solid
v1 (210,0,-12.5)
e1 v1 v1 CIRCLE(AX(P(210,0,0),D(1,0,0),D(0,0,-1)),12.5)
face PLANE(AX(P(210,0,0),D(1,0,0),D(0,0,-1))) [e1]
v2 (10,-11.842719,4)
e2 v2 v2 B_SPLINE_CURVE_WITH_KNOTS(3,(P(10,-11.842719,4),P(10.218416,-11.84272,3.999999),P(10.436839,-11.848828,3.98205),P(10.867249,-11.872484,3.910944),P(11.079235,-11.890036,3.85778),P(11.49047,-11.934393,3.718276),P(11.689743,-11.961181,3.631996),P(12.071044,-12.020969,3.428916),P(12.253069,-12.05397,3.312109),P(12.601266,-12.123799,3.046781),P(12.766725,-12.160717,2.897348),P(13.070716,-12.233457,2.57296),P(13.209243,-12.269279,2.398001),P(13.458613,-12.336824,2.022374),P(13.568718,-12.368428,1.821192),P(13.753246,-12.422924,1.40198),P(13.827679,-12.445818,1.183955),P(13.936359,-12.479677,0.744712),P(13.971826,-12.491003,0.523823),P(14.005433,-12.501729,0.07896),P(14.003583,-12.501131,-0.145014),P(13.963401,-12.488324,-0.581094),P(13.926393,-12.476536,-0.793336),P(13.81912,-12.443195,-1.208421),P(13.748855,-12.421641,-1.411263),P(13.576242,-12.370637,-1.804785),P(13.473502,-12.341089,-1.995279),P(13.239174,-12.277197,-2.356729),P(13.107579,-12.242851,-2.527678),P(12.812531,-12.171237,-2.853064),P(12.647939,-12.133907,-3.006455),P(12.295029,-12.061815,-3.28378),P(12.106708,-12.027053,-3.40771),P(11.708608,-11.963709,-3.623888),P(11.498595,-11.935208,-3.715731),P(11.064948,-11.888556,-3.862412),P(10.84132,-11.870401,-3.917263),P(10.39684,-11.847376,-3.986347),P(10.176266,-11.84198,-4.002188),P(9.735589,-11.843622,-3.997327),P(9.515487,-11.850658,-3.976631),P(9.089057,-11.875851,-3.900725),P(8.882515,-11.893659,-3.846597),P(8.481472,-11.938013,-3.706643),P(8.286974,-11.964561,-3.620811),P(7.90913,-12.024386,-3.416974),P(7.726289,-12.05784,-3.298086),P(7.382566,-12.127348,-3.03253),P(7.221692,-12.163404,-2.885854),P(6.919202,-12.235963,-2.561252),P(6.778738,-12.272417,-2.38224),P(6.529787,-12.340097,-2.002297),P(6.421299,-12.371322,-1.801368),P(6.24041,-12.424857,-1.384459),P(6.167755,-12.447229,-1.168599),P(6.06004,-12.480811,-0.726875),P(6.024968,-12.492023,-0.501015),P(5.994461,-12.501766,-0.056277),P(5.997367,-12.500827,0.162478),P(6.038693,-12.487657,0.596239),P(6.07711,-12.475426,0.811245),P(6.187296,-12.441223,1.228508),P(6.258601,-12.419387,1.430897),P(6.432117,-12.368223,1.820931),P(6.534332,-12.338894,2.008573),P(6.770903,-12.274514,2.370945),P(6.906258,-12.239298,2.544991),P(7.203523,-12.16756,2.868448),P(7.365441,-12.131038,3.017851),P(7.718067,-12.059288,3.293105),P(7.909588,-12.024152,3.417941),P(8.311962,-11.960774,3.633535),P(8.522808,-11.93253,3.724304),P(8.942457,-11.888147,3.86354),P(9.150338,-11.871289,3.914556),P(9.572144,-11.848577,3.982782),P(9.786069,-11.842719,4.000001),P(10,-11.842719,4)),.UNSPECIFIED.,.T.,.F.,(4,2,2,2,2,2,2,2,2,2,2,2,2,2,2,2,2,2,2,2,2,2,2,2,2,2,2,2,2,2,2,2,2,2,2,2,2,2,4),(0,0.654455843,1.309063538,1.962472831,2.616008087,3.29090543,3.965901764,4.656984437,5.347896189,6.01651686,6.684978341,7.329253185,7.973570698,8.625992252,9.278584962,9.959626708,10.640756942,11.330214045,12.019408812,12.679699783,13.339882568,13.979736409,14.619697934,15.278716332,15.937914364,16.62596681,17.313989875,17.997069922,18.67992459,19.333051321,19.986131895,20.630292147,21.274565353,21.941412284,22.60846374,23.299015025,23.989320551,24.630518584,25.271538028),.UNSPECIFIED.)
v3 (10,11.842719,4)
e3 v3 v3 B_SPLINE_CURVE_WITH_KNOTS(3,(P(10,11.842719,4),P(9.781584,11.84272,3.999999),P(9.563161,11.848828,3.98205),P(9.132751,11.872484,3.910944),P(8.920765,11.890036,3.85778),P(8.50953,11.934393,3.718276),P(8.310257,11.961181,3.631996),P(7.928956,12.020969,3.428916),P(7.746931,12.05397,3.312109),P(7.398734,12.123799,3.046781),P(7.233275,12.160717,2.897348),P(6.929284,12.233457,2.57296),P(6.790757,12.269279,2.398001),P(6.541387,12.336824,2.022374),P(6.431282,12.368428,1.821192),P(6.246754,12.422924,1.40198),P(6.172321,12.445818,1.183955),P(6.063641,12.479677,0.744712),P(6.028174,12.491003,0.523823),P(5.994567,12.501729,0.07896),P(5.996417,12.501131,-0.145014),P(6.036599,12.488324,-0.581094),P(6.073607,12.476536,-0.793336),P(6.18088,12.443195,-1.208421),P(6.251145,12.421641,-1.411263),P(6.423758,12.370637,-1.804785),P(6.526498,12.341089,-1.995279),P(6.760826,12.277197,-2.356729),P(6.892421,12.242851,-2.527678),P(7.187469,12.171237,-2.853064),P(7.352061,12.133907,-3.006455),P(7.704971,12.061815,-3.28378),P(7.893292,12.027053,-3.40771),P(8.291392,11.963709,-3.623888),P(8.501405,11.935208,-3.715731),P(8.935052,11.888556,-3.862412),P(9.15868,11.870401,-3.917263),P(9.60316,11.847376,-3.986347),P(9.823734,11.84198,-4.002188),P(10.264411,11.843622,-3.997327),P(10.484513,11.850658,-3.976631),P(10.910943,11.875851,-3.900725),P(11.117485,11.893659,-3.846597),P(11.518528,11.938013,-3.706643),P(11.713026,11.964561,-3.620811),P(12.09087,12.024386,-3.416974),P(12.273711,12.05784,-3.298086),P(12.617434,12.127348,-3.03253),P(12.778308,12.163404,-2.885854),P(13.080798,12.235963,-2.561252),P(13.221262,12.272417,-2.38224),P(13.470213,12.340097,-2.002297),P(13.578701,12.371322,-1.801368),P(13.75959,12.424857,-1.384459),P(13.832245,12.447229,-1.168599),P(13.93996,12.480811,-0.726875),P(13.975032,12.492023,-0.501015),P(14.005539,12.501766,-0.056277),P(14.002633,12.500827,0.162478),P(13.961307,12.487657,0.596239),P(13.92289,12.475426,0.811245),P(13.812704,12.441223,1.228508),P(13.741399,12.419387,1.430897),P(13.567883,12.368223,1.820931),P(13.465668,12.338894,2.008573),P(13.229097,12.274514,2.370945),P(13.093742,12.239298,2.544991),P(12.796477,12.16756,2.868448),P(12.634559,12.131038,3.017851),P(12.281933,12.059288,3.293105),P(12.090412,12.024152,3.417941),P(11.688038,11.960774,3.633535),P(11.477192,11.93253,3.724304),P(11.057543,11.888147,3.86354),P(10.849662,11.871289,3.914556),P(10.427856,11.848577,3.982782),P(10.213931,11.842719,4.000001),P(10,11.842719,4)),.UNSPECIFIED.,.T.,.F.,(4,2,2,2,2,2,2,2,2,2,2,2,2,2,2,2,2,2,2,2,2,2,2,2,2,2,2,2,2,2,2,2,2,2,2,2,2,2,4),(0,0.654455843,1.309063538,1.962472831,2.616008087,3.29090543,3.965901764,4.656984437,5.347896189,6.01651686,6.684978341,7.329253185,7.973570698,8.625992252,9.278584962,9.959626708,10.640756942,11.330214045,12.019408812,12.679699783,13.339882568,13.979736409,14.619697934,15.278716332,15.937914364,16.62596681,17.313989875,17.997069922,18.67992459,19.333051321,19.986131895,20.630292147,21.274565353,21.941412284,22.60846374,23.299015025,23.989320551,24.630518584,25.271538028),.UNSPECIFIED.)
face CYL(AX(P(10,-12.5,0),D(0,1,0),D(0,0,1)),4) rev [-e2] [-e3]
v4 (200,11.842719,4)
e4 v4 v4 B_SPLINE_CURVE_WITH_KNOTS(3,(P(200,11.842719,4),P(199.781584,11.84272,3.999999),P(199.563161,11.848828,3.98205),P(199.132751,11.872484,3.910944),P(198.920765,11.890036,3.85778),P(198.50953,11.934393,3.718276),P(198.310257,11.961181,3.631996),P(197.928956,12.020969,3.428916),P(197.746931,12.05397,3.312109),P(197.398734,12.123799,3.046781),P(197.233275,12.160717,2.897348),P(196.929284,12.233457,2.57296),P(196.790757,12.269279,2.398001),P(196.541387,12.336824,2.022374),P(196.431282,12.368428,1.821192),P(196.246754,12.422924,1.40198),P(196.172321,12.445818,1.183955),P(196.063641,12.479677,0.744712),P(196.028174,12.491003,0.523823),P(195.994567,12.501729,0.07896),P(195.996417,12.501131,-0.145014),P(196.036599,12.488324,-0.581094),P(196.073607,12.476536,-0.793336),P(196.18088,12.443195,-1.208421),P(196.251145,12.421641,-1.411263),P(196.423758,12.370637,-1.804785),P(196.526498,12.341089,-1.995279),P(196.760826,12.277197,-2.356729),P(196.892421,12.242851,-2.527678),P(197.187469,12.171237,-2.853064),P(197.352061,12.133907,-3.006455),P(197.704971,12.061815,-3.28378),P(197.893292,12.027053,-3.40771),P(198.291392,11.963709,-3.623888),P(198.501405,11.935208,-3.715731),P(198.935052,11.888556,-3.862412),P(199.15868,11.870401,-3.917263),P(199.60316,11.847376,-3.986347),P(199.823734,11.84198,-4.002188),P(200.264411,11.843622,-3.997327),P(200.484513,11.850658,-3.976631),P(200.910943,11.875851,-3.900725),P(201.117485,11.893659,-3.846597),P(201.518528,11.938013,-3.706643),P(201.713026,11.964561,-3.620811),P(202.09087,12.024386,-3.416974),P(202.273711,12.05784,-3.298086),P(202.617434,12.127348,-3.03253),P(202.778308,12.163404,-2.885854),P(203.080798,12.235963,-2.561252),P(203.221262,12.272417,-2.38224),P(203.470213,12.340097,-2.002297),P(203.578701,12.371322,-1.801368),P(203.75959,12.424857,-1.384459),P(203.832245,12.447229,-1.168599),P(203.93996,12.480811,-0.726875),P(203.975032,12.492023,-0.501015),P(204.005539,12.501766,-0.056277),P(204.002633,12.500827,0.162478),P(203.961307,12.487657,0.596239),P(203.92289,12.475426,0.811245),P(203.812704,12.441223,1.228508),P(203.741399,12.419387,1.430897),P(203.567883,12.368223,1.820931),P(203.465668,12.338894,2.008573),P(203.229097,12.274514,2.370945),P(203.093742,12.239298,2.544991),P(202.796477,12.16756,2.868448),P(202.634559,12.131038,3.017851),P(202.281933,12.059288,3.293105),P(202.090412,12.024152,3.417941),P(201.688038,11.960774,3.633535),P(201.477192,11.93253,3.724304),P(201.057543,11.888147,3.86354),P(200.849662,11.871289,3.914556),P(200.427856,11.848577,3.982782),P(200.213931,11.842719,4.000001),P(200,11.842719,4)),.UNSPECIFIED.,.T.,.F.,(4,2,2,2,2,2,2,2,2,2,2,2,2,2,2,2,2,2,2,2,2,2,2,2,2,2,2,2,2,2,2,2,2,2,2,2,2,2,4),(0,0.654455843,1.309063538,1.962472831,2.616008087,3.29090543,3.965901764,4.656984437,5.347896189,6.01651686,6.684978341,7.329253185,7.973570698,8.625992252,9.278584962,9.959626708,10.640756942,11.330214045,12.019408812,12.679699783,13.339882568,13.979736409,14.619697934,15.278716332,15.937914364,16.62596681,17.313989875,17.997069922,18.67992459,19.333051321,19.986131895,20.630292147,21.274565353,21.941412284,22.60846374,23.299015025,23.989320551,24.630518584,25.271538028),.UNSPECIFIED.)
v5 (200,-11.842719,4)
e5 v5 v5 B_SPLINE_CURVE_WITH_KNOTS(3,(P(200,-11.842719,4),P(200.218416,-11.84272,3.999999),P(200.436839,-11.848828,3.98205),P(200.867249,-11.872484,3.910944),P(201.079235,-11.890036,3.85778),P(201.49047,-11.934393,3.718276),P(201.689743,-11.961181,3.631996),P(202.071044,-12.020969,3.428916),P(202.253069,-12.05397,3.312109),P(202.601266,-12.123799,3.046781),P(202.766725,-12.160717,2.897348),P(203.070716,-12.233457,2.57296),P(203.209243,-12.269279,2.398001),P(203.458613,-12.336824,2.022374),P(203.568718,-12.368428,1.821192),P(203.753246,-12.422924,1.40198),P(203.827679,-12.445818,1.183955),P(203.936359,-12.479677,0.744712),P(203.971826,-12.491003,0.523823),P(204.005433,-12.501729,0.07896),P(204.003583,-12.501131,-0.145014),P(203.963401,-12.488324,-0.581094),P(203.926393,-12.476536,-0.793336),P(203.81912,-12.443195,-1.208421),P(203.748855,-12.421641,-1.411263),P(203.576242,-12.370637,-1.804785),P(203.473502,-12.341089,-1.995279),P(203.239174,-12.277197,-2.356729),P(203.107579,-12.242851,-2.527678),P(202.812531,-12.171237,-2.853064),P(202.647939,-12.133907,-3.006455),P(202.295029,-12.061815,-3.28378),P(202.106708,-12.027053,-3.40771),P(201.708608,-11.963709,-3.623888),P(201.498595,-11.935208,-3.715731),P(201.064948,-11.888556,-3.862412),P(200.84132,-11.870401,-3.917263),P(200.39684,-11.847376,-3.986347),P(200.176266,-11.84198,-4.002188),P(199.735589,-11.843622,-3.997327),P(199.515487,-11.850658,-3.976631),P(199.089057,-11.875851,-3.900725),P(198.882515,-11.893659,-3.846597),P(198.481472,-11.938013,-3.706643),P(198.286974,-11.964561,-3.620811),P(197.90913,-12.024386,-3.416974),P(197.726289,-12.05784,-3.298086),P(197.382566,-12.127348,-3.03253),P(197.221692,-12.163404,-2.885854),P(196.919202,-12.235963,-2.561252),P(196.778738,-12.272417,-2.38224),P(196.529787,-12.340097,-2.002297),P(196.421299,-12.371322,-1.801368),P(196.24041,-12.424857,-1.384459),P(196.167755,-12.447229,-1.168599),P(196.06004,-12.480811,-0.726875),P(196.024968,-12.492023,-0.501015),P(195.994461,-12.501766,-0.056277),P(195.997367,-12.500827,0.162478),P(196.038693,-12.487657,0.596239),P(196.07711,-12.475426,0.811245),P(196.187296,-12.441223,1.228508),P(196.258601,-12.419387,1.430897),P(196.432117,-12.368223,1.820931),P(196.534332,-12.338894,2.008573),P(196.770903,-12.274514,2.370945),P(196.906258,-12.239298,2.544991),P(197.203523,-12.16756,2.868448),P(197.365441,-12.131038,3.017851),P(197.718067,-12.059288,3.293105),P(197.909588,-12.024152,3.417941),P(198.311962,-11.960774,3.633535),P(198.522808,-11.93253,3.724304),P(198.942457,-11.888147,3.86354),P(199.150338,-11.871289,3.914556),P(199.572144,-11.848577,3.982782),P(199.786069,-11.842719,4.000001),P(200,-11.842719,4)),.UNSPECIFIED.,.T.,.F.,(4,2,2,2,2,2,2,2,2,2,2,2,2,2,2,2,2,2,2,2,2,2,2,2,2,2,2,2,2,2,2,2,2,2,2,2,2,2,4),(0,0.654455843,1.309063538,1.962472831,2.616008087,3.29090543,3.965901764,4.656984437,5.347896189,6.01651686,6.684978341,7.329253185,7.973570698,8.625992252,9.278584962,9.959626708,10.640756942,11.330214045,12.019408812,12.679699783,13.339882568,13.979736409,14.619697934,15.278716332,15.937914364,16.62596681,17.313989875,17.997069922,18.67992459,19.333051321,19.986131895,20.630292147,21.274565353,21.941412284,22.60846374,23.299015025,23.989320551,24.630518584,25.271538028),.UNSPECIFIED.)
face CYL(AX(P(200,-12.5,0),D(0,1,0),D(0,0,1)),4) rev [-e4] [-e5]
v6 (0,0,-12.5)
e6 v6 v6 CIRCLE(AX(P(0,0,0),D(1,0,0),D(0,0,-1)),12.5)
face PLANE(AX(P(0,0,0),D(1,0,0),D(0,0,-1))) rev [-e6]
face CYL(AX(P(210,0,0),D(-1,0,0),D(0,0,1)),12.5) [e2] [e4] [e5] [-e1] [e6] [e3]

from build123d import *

# Parameters (mm, degrees)
SKETCH1_R               = 12.5
BOSS_EXTRUDE1_DEPTH     = 210
CUT_EXTRUDE1_DEPTH      = 211.742734157
CUT_EXTRUDE1_DEPTH_BACK = 211.742734157
SKETCH2_R               = 4


with BuildPart() as part:
    # Sketch1 → Boss-Extrude1 (new body)
    with BuildSketch(Plane(origin=(0, 0, 0), x_dir=(0, 0, -1), z_dir=(1, 0, 0))):
        Circle(SKETCH1_R)
    extrude(amount=BOSS_EXTRUDE1_DEPTH)

    # Sketch2 → Cut-Extrude1 (cut, two sides: drawn at the far end of the back side and taken through both)
    with BuildSketch(Plane(origin=(0, 0, 0), x_dir=(1, 0, 0), z_dir=(0, 1, 0)).offset(-CUT_EXTRUDE1_DEPTH_BACK)):
        with Locations(Location((10, 0, 0), (0, 0, 270))):
            Circle(SKETCH2_R)
        with Locations(Location((200, 0, 0), (0, 0, 270))):
            Circle(SKETCH2_R)
    extrude(amount=CUT_EXTRUDE1_DEPTH + CUT_EXTRUDE1_DEPTH_BACK, mode=Mode.SUBTRACT)


solid = part.part
